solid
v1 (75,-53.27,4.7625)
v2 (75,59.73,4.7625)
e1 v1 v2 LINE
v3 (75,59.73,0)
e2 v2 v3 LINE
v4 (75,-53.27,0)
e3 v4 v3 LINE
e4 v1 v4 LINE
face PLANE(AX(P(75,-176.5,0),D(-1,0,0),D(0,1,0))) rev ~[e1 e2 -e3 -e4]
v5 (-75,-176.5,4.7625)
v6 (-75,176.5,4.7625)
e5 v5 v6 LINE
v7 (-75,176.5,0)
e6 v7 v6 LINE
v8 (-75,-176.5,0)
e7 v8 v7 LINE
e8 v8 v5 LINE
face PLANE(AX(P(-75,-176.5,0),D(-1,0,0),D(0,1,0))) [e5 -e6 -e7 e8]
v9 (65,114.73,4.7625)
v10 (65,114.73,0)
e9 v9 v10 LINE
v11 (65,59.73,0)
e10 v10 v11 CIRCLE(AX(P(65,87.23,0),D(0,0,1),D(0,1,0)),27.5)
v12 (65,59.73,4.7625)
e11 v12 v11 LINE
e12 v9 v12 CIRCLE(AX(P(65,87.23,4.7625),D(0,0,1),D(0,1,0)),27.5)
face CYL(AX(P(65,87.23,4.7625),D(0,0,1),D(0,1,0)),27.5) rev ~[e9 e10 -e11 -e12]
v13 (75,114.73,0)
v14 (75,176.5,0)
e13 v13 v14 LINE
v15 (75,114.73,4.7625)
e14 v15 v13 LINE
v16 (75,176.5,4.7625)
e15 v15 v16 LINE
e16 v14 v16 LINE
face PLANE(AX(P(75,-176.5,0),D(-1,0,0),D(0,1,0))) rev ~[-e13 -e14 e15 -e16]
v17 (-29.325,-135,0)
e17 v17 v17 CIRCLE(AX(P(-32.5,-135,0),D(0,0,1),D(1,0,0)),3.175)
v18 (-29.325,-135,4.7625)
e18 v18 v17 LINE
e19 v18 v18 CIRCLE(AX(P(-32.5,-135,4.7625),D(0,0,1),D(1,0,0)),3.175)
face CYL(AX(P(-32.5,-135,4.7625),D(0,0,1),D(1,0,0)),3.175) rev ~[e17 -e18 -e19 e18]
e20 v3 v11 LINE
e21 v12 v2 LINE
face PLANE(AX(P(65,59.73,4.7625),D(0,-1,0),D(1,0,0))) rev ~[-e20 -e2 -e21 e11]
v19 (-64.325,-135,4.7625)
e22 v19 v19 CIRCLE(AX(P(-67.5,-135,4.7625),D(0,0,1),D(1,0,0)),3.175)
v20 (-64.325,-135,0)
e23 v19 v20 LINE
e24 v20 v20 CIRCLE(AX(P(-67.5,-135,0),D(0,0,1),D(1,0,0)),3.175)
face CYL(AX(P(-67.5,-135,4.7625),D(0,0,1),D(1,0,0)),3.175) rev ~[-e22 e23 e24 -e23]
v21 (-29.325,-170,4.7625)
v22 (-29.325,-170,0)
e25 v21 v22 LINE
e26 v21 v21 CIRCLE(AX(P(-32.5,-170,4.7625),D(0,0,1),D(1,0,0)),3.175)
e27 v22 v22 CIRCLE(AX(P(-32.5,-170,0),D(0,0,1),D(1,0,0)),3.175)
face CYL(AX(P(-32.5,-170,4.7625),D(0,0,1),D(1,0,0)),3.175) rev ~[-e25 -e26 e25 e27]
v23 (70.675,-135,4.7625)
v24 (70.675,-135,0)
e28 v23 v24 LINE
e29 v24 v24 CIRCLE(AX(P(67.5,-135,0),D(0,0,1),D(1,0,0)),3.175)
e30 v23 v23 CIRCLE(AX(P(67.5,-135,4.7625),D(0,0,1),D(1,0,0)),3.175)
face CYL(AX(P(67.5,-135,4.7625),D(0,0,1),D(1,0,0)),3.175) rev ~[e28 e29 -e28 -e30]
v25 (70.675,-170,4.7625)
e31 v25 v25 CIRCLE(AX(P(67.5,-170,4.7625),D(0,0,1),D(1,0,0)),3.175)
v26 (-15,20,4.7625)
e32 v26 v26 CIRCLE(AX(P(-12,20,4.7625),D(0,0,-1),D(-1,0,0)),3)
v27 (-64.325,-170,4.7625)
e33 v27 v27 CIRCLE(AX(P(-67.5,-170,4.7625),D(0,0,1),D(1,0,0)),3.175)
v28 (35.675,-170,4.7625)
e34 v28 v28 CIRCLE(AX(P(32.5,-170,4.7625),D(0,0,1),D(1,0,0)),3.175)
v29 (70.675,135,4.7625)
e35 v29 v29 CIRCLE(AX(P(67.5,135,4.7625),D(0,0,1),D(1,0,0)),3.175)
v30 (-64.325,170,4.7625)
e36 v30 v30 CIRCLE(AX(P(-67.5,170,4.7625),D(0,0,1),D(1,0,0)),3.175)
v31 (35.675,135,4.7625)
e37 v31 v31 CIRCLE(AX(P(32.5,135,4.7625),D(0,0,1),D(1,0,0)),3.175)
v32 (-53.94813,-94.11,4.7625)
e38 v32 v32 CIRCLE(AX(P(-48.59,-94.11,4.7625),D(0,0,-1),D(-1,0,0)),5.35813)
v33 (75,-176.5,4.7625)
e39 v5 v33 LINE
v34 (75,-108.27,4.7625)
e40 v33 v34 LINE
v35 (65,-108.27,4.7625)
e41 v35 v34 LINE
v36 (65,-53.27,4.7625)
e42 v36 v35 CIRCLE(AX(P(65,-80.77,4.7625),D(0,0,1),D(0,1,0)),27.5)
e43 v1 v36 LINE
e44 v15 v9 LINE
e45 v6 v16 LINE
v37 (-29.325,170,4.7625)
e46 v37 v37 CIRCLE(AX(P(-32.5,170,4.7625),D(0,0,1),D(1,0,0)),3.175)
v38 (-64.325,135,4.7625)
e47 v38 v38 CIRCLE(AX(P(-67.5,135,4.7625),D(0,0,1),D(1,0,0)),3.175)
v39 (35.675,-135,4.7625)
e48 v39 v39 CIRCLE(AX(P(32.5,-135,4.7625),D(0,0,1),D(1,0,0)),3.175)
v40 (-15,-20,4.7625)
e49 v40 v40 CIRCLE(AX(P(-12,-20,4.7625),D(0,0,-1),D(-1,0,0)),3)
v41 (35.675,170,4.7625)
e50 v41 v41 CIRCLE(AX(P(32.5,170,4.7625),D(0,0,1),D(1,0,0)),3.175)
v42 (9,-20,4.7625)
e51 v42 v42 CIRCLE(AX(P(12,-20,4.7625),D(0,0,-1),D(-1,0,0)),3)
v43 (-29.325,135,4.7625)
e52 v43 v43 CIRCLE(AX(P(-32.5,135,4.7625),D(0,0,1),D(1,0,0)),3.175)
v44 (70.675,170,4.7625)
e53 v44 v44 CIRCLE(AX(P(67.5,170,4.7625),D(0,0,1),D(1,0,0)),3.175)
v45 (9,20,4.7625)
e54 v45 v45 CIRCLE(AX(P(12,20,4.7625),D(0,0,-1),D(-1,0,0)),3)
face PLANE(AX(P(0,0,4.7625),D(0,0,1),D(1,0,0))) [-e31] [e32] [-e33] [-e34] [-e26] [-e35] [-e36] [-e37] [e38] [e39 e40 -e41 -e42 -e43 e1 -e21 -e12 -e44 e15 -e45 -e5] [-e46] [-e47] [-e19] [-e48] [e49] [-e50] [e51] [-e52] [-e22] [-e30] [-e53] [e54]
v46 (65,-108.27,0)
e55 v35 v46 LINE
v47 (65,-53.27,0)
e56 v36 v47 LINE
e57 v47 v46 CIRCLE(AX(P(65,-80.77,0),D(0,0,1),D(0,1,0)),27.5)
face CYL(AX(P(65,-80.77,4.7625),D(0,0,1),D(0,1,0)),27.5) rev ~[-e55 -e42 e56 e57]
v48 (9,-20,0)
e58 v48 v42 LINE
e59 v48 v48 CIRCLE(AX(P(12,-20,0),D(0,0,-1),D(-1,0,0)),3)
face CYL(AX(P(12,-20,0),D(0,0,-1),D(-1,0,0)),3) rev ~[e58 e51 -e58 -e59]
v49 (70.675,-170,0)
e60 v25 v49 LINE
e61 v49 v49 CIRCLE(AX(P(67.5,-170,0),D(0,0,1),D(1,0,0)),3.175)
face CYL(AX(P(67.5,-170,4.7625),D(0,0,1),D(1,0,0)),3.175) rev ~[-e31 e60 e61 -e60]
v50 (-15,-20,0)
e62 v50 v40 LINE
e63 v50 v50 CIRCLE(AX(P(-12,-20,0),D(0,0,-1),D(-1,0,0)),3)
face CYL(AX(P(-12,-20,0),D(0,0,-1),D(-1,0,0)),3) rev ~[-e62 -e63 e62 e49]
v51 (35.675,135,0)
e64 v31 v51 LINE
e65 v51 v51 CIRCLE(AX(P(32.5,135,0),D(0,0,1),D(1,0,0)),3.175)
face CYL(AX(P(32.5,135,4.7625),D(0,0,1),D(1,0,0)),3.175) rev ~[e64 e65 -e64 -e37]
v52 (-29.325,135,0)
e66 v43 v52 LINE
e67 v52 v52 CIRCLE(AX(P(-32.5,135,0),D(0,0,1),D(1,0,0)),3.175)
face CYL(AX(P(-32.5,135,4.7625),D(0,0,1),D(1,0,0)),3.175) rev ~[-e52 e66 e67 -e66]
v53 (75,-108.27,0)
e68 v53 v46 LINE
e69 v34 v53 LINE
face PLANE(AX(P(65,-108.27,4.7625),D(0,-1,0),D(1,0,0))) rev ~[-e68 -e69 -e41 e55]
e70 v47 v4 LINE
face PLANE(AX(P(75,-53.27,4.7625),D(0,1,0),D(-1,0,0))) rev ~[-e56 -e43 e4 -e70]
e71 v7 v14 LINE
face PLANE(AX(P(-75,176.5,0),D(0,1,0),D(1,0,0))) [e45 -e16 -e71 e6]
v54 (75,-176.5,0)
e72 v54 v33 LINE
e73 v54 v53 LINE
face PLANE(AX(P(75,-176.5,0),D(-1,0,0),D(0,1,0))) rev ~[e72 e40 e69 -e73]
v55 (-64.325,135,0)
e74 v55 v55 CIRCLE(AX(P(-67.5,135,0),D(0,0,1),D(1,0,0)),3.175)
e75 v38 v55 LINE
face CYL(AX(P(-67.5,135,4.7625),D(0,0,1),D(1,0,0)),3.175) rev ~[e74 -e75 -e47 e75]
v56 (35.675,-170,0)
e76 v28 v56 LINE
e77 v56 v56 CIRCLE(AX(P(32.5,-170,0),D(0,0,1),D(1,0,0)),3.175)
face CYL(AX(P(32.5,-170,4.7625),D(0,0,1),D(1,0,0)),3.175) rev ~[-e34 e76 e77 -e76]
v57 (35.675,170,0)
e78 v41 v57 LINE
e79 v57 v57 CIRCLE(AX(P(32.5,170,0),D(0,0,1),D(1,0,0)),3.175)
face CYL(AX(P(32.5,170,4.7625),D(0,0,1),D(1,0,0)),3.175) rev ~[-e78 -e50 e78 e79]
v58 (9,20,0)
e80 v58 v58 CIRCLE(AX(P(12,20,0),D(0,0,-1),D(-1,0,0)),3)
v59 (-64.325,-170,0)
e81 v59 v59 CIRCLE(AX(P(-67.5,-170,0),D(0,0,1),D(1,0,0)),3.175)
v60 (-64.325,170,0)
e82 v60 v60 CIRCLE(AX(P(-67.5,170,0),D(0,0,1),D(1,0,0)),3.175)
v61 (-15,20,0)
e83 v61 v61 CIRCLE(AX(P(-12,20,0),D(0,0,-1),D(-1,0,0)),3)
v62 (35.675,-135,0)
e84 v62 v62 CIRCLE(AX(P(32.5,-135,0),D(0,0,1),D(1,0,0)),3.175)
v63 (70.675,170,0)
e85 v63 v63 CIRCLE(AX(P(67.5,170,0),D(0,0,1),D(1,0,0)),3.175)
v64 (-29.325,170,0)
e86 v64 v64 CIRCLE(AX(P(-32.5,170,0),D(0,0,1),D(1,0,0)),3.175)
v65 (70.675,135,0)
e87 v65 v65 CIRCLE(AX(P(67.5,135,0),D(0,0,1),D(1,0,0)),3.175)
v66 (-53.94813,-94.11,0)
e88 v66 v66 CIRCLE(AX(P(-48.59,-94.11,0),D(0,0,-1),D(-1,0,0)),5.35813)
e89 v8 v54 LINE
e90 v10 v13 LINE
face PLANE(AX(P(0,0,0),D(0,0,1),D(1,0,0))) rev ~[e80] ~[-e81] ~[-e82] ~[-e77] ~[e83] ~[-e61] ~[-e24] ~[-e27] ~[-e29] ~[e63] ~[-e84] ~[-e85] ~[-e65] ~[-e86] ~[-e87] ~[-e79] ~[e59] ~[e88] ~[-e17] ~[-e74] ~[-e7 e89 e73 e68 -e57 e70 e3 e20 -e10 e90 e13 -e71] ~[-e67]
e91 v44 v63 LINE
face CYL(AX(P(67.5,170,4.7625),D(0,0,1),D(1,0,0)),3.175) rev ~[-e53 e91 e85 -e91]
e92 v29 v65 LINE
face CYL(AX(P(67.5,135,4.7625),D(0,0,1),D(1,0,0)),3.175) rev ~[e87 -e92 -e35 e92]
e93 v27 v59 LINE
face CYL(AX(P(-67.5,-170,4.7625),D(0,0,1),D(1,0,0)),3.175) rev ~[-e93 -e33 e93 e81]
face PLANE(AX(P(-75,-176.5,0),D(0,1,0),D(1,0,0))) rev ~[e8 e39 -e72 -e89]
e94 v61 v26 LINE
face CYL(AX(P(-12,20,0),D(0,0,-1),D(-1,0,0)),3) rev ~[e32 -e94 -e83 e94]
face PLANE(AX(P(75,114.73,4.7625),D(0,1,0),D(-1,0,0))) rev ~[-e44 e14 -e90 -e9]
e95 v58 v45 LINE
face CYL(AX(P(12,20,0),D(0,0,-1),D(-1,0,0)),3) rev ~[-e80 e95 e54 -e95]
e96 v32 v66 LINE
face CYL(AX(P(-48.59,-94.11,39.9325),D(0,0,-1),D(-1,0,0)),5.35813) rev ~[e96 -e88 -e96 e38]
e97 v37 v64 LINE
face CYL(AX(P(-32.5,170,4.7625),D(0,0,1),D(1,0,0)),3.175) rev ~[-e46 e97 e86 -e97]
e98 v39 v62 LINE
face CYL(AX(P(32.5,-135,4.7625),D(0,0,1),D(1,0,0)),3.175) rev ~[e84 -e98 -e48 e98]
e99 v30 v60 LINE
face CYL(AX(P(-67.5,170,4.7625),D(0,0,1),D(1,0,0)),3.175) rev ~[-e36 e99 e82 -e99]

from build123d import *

# Parameters (mm, degrees)
CROQUIS1_W                    = 150
CROQUIS1_H                    = 353
SALIENTE_EXTRUIR1_DEPTH       = 4.7625
CROQUIS2_R                    = 3.175
CORTAR_EXTRUIR1_DEPTH         = 192.833082148
CORTAR_EXTRUIR2_REACH         = 193.833
CROQUIS3_R                    = 3
CORTAR_EXTRUIR3_REACH         = 193.833
CROQUIS4_R                    = 5
CORTAR_EXTRUIR7_REACH         = 193.833
TALADRO_ROSCADO_1_2_134_D     = 10.71626
TALADRO_ROSCADO_1_2_134_DEPTH = 35.17
TALADRO_ROSCADO_1_2_134_TIP   = 3.219489309


with BuildPart() as part:
    # Croquis1 → Saliente-Extruir1 (new body)
    with BuildSketch(Plane.XY):
        Rectangle(CROQUIS1_W, CROQUIS1_H)
    extrude(amount=SALIENTE_EXTRUIR1_DEPTH)

    # Croquis2 → Cortar-Extruir1 (cut, through all)
    with BuildSketch(Plane.XY.offset(4.7625)):
        with Locations((-67.5, 170)):
            Circle(CROQUIS2_R)
        with Locations((-32.5, 170)):
            Circle(CROQUIS2_R)
        with Locations((-67.5, 135)):
            Circle(CROQUIS2_R)
        with Locations((-32.5, 135)):
            Circle(CROQUIS2_R)
        with Locations((32.5, 170)):
            Circle(CROQUIS2_R)
        with Locations((67.5, 170)):
            Circle(CROQUIS2_R)
        with Locations((32.5, 135)):
            Circle(CROQUIS2_R)
        with Locations((67.5, 135)):
            Circle(CROQUIS2_R)
        with Locations((-67.5, -135)):
            Circle(CROQUIS2_R)
        with Locations((-32.5, -135)):
            Circle(CROQUIS2_R)
        with Locations((-67.5, -170)):
            Circle(CROQUIS2_R)
        with Locations((-32.5, -170)):
            Circle(CROQUIS2_R)
        with Locations((32.5, -170)):
            Circle(CROQUIS2_R)
        with Locations((32.5, -135)):
            Circle(CROQUIS2_R)
        with Locations((67.5, -135)):
            Circle(CROQUIS2_R)
        with Locations((67.5, -170)):
            Circle(CROQUIS2_R)
    extrude(amount=-CORTAR_EXTRUIR1_DEPTH, mode=Mode.SUBTRACT)

    # Croquis3 → Cortar-Extruir2 (cut, up to next)
    with BuildSketch(Plane(origin=(0, 0, 0), x_dir=(-1, 0, 0), z_dir=(0, 0, -1)), mode=Mode.PRIVATE) as cortar_extruir2_sk1:
        with Locations((-12, 20)):
            Circle(CROQUIS3_R)
    cortar_extruir2_tool1 = extrude(cortar_extruir2_sk1.sketch, amount=-CORTAR_EXTRUIR2_REACH, mode=Mode.PRIVATE) & part.part
    # Croquis3 → Cortar-Extruir2 (cut, up to next)
    with BuildSketch(Plane(origin=(0, 0, 0), x_dir=(-1, 0, 0), z_dir=(0, 0, -1)), mode=Mode.PRIVATE) as cortar_extruir2_sk2:
        with Locations((12, 20)):
            Circle(CROQUIS3_R)
    cortar_extruir2_tool2 = extrude(cortar_extruir2_sk2.sketch, amount=-CORTAR_EXTRUIR2_REACH, mode=Mode.PRIVATE) & part.part
    # Croquis3 → Cortar-Extruir2 (cut, up to next)
    with BuildSketch(Plane(origin=(0, 0, 0), x_dir=(-1, 0, 0), z_dir=(0, 0, -1)), mode=Mode.PRIVATE) as cortar_extruir2_sk3:
        with Locations((12, -20)):
            Circle(CROQUIS3_R)
    cortar_extruir2_tool3 = extrude(cortar_extruir2_sk3.sketch, amount=-CORTAR_EXTRUIR2_REACH, mode=Mode.PRIVATE) & part.part
    # Croquis3 → Cortar-Extruir2 (cut, up to next)
    with BuildSketch(Plane(origin=(0, 0, 0), x_dir=(-1, 0, 0), z_dir=(0, 0, -1)), mode=Mode.PRIVATE) as cortar_extruir2_sk4:
        with Locations((-12, -20)):
            Circle(CROQUIS3_R)
    cortar_extruir2_tool4 = extrude(cortar_extruir2_sk4.sketch, amount=-CORTAR_EXTRUIR2_REACH, mode=Mode.PRIVATE) & part.part
    add(cortar_extruir2_tool1.solids().sort_by_distance((12, 20, 0))[0], mode=Mode.SUBTRACT)
    add(cortar_extruir2_tool2.solids().sort_by_distance((-12, 20, 0))[0], mode=Mode.SUBTRACT)
    add(cortar_extruir2_tool3.solids().sort_by_distance((-12, -20, 0))[0], mode=Mode.SUBTRACT)
    add(cortar_extruir2_tool4.solids().sort_by_distance((12, -20, 0))[0], mode=Mode.SUBTRACT)

    # Croquis4 → Cortar-Extruir3 (cut, up to next)
    with BuildSketch(Plane.XY.offset(4.7625), mode=Mode.PRIVATE) as cortar_extruir3_sk1:
        with Locations((-48.59, -94.11)):
            Circle(CROQUIS4_R)
    cortar_extruir3_tool1 = extrude(cortar_extruir3_sk1.sketch, amount=-CORTAR_EXTRUIR3_REACH, mode=Mode.PRIVATE) & part.part
    add(cortar_extruir3_tool1.solids().sort_by_distance((-48.59, -94.11, 4.7625))[0], mode=Mode.SUBTRACT)

    # Croquis8 → Cortar-Extruir7 (cut, up to next)
    with BuildSketch(Plane.XY.offset(4.7625), mode=Mode.PRIVATE) as cortar_extruir7_sk1:
        with BuildLine():
            Line((75, 114.73), (65, 114.73))
            ThreePointArc((65, 114.73), (37.5, 87.23), (65, 59.73))
            Line((65, 59.73), (75, 59.73))
            Line((75, 59.73), (75, 114.73))
        make_face()
    cortar_extruir7_tool1 = extrude(cortar_extruir7_sk1.sketch, amount=-CORTAR_EXTRUIR7_REACH, mode=Mode.PRIVATE) & part.part
    # Croquis8 → Cortar-Extruir7 (cut, up to next)
    with BuildSketch(Plane.XY.offset(4.7625), mode=Mode.PRIVATE) as cortar_extruir7_sk2:
        with BuildLine():
            Line((75, -53.27), (65, -53.27))
            ThreePointArc((65, -53.27), (37.5, -80.77), (65, -108.27))
            Line((65, -108.27), (75, -108.27))
            Line((75, -108.27), (75, -53.27))
        make_face()
    cortar_extruir7_tool2 = extrude(cortar_extruir7_sk2.sketch, amount=-CORTAR_EXTRUIR7_REACH, mode=Mode.PRIVATE) & part.part
    add(cortar_extruir7_tool1.solids().sort_by_distance((58.604644, 87.23, 4.7625))[0], mode=Mode.SUBTRACT)
    add(cortar_extruir7_tool2.solids().sort_by_distance((58.604644, -80.77, 4.7625))[0], mode=Mode.SUBTRACT)

    # Taladro roscado 1/2-134
    with Locations(Plane.XY.offset(4.7625)):
        with Locations((-48.59, -94.11)):
            Hole(TALADRO_ROSCADO_1_2_134_D / 2, depth=TALADRO_ROSCADO_1_2_134_DEPTH)
            with Locations((0, 0, -(TALADRO_ROSCADO_1_2_134_DEPTH + TALADRO_ROSCADO_1_2_134_TIP / 2))):  # 118° drill point
                Cone(0, TALADRO_ROSCADO_1_2_134_D / 2, TALADRO_ROSCADO_1_2_134_TIP, mode=Mode.SUBTRACT)


solid = part.part
